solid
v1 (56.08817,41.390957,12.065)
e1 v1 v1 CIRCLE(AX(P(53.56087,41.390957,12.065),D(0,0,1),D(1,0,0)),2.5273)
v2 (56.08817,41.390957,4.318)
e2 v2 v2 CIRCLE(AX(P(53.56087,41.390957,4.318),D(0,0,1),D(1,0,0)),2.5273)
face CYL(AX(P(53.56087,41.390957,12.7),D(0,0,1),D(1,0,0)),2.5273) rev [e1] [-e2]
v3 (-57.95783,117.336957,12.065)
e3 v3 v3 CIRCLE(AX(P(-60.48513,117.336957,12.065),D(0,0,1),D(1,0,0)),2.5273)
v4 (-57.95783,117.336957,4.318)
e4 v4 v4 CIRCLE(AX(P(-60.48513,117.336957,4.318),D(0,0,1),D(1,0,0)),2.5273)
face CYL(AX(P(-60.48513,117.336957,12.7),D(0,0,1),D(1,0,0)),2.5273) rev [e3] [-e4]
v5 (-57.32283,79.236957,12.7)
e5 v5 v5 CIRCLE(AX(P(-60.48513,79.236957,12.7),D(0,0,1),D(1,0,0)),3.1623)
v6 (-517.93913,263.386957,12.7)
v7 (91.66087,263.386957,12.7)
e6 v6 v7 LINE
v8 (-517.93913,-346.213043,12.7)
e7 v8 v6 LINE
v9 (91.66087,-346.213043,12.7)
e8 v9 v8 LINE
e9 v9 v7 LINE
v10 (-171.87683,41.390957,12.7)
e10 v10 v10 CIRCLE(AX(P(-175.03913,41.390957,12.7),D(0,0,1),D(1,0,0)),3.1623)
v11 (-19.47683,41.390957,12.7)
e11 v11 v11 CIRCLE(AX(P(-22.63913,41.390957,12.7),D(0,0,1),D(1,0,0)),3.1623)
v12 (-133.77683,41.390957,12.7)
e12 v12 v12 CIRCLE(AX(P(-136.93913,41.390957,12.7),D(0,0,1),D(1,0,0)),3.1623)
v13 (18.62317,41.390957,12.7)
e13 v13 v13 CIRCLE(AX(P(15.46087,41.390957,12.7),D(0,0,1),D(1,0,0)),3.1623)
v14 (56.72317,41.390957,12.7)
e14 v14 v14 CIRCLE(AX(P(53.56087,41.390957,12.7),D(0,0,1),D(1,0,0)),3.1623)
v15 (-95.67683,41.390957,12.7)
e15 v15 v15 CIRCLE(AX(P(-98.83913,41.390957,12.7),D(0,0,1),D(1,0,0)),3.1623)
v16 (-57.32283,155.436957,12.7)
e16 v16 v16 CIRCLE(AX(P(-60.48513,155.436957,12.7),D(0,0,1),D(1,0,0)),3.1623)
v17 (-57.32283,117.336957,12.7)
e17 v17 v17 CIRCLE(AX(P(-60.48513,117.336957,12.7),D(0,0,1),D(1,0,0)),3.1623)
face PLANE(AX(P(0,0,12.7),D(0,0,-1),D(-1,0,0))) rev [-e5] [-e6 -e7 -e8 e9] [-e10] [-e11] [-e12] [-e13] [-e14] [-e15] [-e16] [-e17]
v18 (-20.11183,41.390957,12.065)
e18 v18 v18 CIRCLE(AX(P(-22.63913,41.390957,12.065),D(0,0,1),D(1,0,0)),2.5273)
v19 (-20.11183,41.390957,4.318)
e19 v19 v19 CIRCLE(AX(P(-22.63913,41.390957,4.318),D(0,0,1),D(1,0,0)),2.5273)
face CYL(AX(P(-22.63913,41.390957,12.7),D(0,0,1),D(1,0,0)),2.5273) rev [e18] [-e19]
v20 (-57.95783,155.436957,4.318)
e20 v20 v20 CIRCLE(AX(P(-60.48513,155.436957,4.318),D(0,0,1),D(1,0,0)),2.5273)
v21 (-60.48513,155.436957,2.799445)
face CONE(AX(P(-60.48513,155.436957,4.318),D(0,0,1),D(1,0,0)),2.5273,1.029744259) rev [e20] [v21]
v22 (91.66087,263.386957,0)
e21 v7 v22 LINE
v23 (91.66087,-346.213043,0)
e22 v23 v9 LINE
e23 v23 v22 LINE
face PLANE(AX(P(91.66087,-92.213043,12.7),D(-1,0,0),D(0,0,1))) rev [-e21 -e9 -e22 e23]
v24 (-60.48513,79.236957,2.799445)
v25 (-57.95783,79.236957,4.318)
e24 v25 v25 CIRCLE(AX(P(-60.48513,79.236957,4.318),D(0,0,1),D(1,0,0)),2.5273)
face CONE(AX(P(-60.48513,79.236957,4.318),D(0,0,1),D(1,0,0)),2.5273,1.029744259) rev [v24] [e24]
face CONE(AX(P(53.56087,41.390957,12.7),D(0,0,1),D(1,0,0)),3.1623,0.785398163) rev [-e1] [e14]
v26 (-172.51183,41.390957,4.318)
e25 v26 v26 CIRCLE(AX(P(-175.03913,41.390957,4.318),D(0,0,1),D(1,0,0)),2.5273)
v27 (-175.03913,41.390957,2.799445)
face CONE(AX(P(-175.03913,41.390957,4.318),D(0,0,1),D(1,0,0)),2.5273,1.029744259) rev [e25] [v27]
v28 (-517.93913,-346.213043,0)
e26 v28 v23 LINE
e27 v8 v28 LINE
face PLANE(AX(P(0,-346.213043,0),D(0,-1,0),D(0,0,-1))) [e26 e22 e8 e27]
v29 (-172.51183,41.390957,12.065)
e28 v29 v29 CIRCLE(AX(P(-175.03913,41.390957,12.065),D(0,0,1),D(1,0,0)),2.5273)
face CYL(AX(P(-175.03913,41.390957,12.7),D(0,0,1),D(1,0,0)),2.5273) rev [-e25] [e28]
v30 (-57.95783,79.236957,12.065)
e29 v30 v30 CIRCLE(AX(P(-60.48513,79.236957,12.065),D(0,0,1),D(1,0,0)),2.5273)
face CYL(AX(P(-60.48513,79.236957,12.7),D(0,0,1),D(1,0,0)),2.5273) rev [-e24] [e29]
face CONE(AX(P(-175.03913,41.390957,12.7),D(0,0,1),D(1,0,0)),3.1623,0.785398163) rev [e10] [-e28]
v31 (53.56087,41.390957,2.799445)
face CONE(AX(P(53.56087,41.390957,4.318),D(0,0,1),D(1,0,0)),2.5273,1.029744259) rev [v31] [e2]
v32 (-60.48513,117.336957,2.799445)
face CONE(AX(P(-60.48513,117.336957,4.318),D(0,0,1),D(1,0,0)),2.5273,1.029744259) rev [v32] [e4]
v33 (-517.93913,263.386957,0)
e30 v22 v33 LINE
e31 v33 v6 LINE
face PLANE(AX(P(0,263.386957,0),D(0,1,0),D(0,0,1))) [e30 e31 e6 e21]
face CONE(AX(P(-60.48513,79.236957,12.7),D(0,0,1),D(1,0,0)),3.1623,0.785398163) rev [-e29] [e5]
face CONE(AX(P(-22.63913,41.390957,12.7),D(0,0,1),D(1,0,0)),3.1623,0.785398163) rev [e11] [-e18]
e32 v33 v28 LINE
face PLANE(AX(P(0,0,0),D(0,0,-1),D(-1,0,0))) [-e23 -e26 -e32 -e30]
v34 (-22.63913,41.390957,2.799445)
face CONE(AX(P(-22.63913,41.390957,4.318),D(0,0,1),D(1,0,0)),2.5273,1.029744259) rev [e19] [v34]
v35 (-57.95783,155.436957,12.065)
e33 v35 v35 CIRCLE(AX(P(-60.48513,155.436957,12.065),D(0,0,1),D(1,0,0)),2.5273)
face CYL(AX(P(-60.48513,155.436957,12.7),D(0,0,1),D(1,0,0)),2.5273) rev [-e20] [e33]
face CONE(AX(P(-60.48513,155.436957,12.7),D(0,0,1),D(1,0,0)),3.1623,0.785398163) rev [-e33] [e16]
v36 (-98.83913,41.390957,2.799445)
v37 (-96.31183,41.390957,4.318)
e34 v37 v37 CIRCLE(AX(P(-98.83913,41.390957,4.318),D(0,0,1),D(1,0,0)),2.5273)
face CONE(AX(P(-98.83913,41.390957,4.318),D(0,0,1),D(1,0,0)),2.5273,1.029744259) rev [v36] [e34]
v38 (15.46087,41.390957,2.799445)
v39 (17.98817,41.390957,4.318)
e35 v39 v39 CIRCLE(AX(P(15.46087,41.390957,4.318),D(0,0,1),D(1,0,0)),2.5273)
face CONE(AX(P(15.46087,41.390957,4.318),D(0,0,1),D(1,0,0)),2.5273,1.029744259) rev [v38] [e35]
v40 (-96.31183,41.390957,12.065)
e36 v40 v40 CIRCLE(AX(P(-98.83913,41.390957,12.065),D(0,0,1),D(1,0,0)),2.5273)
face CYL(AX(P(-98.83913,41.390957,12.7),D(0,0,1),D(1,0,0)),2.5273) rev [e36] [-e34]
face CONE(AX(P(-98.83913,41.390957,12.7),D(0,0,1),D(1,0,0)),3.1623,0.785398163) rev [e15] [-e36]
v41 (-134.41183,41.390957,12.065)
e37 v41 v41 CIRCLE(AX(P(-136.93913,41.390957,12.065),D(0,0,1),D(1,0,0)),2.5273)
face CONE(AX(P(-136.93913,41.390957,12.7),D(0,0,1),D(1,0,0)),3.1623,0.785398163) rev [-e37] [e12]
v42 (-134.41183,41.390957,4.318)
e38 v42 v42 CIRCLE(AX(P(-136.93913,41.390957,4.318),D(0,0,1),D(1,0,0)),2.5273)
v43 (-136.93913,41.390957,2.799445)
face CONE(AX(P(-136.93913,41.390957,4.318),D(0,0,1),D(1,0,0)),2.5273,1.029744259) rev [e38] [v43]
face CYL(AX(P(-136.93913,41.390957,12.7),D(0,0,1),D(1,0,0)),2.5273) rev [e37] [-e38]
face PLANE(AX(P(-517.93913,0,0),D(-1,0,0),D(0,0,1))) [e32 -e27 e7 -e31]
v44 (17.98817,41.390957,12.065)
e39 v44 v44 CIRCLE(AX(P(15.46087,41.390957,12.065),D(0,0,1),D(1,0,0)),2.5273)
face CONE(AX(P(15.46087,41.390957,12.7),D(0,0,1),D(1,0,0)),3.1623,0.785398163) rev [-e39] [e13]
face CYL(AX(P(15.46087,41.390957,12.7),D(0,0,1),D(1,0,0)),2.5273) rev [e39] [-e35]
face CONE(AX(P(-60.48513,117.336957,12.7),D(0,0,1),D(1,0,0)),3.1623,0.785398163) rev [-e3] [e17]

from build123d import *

# Parameters (mm, degrees)
SKETCH1_W                            = 304.8
SKETCH1_H                            = 304.8
BOSS_EXTRUDE1_DEPTH                  = 12.7
SKETCH2_W                            = 12.7
SKETCH2_H                            = 304.8
BOSS_EXTRUDE2_DEPTH                  = 304.8
SKETCH3_W                            = 609.6
SKETCH3_H                            = 12.7
BOSS_EXTRUDE3_DEPTH                  = 254
SKETCH4_W                            = 609.6
SKETCH4_H                            = 12.7
BOSS_EXTRUDE4_DEPTH                  = 50.8
F_8_0_199_DIAMETER_HOLE2_D           = 5.0546
F_8_0_199_DIAMETER_HOLE2_DEPTH       = 8.382
F_8_0_199_DIAMETER_HOLE2_CSINK_D     = 6.3246
F_8_0_199_DIAMETER_HOLE2_CSINK_ANGLE = 90
F_8_0_199_DIAMETER_HOLE2_TIP         = 1.518555042


with BuildPart() as part:
    # Sketch1 → Boss-Extrude1 (new body)
    with BuildSketch(Plane.XY):
        with Locations((-60.739130435, 60.186956522)):
            Rectangle(SKETCH1_W, SKETCH1_H)
    extrude(amount=BOSS_EXTRUDE1_DEPTH)

    # Sketch2 → Boss-Extrude2 (add)
    with BuildSketch(Plane.ZY.offset(213.139130435)):
        with Locations((6.35, 60.186956522)):
            Rectangle(SKETCH2_W, SKETCH2_H)
    extrude(amount=BOSS_EXTRUDE2_DEPTH)

    # Sketch3 → Boss-Extrude3 (add)
    with BuildSketch(Plane.XZ.offset(92.213043478)):
        with Locations((-213.139130435, 6.35)):
            Rectangle(SKETCH3_W, SKETCH3_H)
    extrude(amount=BOSS_EXTRUDE3_DEPTH)

    # Sketch4 → Boss-Extrude4 (add)
    with BuildSketch(Plane(origin=(0, 212.586956522, 0), x_dir=(1, 0, 0), z_dir=(0, 1, 0))):
        with Locations((-213.139130435, -6.35)):
            Rectangle(SKETCH4_W, SKETCH4_H)
    extrude(amount=BOSS_EXTRUDE4_DEPTH)

    # #8 (0.199) Diameter Hole2
    with Locations(Plane.XY.offset(12.7)):
        with Locations((53.560869565, 41.390956522), (15.460869565, 41.390956522), (-22.639130435, 41.390956522), (-98.839130435, 41.390956522), (-136.939130435, 41.390956522), (-175.039130435, 41.390956522), (-60.485130435, 79.236956522), (-60.485130435, 117.336956522), (-60.485130435, 155.436956522)):
            CounterSinkHole(F_8_0_199_DIAMETER_HOLE2_D / 2, F_8_0_199_DIAMETER_HOLE2_CSINK_D / 2, depth=F_8_0_199_DIAMETER_HOLE2_DEPTH, counter_sink_angle=F_8_0_199_DIAMETER_HOLE2_CSINK_ANGLE)
            with Locations((0, 0, -(F_8_0_199_DIAMETER_HOLE2_DEPTH + F_8_0_199_DIAMETER_HOLE2_TIP / 2))):  # 118° drill point
                Cone(0, F_8_0_199_DIAMETER_HOLE2_D / 2, F_8_0_199_DIAMETER_HOLE2_TIP, mode=Mode.SUBTRACT)


solid = part.part
